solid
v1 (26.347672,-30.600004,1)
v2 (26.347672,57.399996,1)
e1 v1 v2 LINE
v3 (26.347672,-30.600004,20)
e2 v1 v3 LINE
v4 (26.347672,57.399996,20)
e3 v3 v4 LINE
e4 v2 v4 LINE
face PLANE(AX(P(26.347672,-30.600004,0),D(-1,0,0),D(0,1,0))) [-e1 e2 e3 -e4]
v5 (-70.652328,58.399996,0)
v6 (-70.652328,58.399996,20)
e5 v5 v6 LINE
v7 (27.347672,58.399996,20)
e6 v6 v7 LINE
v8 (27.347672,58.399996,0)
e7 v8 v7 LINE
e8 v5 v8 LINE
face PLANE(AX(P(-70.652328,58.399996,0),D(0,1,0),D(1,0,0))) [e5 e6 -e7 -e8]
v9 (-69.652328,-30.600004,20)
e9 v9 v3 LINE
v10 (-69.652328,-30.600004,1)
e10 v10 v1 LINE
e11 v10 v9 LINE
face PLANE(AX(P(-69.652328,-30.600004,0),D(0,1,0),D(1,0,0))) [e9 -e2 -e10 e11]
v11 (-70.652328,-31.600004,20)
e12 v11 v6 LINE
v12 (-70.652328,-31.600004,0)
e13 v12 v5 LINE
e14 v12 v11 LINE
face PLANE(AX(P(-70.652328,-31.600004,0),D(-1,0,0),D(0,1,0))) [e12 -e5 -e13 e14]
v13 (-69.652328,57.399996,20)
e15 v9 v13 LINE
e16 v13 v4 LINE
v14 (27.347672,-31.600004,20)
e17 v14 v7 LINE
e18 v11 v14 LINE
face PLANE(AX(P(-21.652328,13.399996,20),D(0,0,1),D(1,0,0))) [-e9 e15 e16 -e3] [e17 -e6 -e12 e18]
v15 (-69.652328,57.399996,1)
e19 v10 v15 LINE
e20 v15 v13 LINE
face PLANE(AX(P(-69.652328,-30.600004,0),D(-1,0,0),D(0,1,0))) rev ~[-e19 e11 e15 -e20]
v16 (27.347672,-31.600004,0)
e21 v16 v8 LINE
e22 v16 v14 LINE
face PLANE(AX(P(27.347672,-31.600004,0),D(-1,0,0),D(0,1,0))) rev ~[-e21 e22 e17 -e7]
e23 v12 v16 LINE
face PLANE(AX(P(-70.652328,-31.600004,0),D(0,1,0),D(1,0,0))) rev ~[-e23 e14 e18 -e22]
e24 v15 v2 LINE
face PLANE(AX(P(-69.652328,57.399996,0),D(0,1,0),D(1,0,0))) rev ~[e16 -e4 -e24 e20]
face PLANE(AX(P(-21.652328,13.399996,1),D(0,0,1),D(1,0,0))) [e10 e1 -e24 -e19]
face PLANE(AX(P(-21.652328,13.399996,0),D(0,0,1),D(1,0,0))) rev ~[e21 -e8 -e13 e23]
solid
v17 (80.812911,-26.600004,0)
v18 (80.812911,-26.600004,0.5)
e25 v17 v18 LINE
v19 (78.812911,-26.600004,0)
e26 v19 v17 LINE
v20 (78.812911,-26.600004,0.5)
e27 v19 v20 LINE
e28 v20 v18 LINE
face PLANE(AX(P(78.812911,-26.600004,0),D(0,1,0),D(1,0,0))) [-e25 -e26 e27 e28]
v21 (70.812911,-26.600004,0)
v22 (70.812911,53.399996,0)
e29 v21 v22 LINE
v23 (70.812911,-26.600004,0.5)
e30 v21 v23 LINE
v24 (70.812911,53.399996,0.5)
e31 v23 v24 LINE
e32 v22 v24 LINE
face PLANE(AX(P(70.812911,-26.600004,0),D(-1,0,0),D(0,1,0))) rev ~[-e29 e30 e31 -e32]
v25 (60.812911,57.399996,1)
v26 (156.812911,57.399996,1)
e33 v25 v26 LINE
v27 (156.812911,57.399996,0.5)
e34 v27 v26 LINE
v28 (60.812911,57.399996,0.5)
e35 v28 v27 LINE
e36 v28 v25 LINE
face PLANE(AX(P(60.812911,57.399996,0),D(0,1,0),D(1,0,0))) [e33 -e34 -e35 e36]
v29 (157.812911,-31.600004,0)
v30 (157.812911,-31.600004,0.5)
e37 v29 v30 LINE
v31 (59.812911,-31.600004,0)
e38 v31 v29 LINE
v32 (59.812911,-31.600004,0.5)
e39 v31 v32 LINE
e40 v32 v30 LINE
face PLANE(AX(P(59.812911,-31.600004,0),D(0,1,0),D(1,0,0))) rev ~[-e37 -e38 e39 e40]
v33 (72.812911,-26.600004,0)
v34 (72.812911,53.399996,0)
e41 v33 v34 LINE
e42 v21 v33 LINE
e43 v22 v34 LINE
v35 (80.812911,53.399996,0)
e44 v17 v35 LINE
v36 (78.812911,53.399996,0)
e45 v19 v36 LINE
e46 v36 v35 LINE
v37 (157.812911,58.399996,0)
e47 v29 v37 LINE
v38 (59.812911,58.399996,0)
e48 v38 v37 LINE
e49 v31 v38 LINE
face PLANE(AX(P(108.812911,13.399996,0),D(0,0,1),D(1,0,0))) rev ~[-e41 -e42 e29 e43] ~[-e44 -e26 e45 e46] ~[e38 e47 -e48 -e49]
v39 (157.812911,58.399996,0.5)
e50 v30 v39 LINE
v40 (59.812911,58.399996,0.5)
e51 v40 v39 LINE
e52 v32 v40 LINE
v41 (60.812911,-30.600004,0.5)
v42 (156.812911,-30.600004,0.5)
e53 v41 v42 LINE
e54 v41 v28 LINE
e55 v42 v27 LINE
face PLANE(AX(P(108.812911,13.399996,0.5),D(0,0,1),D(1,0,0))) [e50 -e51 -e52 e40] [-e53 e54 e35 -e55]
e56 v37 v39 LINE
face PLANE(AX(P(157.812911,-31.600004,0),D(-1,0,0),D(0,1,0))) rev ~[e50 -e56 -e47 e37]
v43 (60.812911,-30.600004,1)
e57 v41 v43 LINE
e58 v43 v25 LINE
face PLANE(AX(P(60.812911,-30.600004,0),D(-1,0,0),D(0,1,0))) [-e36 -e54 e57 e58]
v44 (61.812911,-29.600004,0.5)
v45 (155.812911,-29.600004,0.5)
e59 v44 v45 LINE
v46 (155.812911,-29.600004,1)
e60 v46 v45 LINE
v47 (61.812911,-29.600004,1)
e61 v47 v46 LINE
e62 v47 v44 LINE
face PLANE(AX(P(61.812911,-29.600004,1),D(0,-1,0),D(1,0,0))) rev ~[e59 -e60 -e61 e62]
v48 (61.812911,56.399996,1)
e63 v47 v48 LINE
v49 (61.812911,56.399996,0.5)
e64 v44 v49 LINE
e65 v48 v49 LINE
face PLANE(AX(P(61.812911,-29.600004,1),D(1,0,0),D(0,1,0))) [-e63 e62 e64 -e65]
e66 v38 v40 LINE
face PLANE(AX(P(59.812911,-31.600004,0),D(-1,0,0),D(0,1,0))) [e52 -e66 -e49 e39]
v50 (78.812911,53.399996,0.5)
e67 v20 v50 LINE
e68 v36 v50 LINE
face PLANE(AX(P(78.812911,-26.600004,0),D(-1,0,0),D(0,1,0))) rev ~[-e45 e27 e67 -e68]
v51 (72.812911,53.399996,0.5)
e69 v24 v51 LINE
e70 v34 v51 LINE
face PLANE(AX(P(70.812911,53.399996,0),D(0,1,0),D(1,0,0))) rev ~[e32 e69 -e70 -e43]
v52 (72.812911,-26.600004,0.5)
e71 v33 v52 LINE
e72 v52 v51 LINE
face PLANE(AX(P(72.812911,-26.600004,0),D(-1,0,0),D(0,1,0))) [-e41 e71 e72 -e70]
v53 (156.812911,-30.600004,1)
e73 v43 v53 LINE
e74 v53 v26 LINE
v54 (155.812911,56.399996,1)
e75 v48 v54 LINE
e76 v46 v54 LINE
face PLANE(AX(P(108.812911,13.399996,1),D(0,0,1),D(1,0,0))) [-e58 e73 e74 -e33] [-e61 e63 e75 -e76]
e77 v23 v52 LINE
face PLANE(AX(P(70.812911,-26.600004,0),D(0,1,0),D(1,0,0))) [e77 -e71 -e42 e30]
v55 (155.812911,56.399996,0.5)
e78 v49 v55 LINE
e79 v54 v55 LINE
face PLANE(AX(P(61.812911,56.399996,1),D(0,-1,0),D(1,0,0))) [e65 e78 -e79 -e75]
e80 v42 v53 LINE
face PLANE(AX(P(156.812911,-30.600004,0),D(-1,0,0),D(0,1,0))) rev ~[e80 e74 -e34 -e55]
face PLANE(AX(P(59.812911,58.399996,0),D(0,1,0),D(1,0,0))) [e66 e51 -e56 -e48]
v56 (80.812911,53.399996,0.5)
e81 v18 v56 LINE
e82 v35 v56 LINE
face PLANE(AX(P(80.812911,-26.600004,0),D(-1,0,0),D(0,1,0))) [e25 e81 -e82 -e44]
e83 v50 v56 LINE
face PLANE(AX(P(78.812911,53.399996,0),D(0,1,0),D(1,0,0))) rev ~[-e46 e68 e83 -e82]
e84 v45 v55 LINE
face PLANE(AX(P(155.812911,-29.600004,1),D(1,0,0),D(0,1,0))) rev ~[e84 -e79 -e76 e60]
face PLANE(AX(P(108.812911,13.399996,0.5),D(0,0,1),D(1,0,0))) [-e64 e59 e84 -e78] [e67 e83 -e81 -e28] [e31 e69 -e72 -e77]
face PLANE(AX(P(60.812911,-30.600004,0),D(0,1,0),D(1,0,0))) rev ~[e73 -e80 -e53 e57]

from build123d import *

# Parameters (mm, degrees)
F0_W     = 98
F0_H     = 90
F0_W_2   = 96
F0_H_2   = 88
F1_DEPTH = 20
F2_DEPTH = 1
F3_DEPTH = 0.5
F0_W_3   = 2
F0_H_3   = 80
F4_DEPTH = 1
F5_W     = 94
F5_H     = 86
F5_W_2   = 2
F5_H_2   = 80
F6_DEPTH = 0.5


with BuildPart() as f1:
    # F0 (on Top) → F1 (new body)
    with BuildSketch(Plane.XY):
        with Locations((-21.652328, 13.399996)):
            Rectangle(F0_W, F0_H)
        with Locations((-21.652328, 13.399996)):
            Rectangle(F0_W_2, F0_H_2, mode=Mode.SUBTRACT)
    extrude(amount=F1_DEPTH)

    # F0 (on Top) → F2 (join)
    with BuildSketch(Plane.XY):
        with Locations((-21.652328, 13.399996)):
            Rectangle(F0_W_2, F0_H_2)
    extrude(amount=F2_DEPTH)


with BuildPart() as f3:
    # F0 (on Top) → F3 (new body)
    with BuildSketch(Plane.XY):
        with Locations((108.812911, 13.399996)):
            Rectangle(F0_W, F0_H)
        with Locations((108.812911, 13.399996)):
            Rectangle(F0_W_2, F0_H_2, mode=Mode.SUBTRACT)
    extrude(amount=F3_DEPTH)

    # F0 (on Top) → F4 (join)
    with BuildSketch(Plane.XY):
        with Locations((108.812911, 13.399996)):
            Rectangle(F0_W_2, F0_H_2)
        with Locations((71.812911, 13.399996)):
            Rectangle(F0_W_3, F0_H_3, mode=Mode.SUBTRACT)
        with Locations((79.812911, 13.399996)):
            Rectangle(F0_W_3, F0_H_3, mode=Mode.SUBTRACT)
    extrude(amount=F4_DEPTH)

    # F5 (on face) → F6 (cut)
    with BuildSketch(Plane.XY.offset(1)):
        with Locations((108.812911, 13.399996)):
            Rectangle(F5_W, F5_H)
        with Locations((71.812911, 13.399996)):
            Rectangle(F5_W_2, F5_H_2, mode=Mode.SUBTRACT)
        with Locations((79.812911, 13.399996)):
            Rectangle(F5_W_2, F5_H_2, mode=Mode.SUBTRACT)
    extrude(amount=-F6_DEPTH, mode=Mode.SUBTRACT)


solid = Compound([f1.part, f3.part])
